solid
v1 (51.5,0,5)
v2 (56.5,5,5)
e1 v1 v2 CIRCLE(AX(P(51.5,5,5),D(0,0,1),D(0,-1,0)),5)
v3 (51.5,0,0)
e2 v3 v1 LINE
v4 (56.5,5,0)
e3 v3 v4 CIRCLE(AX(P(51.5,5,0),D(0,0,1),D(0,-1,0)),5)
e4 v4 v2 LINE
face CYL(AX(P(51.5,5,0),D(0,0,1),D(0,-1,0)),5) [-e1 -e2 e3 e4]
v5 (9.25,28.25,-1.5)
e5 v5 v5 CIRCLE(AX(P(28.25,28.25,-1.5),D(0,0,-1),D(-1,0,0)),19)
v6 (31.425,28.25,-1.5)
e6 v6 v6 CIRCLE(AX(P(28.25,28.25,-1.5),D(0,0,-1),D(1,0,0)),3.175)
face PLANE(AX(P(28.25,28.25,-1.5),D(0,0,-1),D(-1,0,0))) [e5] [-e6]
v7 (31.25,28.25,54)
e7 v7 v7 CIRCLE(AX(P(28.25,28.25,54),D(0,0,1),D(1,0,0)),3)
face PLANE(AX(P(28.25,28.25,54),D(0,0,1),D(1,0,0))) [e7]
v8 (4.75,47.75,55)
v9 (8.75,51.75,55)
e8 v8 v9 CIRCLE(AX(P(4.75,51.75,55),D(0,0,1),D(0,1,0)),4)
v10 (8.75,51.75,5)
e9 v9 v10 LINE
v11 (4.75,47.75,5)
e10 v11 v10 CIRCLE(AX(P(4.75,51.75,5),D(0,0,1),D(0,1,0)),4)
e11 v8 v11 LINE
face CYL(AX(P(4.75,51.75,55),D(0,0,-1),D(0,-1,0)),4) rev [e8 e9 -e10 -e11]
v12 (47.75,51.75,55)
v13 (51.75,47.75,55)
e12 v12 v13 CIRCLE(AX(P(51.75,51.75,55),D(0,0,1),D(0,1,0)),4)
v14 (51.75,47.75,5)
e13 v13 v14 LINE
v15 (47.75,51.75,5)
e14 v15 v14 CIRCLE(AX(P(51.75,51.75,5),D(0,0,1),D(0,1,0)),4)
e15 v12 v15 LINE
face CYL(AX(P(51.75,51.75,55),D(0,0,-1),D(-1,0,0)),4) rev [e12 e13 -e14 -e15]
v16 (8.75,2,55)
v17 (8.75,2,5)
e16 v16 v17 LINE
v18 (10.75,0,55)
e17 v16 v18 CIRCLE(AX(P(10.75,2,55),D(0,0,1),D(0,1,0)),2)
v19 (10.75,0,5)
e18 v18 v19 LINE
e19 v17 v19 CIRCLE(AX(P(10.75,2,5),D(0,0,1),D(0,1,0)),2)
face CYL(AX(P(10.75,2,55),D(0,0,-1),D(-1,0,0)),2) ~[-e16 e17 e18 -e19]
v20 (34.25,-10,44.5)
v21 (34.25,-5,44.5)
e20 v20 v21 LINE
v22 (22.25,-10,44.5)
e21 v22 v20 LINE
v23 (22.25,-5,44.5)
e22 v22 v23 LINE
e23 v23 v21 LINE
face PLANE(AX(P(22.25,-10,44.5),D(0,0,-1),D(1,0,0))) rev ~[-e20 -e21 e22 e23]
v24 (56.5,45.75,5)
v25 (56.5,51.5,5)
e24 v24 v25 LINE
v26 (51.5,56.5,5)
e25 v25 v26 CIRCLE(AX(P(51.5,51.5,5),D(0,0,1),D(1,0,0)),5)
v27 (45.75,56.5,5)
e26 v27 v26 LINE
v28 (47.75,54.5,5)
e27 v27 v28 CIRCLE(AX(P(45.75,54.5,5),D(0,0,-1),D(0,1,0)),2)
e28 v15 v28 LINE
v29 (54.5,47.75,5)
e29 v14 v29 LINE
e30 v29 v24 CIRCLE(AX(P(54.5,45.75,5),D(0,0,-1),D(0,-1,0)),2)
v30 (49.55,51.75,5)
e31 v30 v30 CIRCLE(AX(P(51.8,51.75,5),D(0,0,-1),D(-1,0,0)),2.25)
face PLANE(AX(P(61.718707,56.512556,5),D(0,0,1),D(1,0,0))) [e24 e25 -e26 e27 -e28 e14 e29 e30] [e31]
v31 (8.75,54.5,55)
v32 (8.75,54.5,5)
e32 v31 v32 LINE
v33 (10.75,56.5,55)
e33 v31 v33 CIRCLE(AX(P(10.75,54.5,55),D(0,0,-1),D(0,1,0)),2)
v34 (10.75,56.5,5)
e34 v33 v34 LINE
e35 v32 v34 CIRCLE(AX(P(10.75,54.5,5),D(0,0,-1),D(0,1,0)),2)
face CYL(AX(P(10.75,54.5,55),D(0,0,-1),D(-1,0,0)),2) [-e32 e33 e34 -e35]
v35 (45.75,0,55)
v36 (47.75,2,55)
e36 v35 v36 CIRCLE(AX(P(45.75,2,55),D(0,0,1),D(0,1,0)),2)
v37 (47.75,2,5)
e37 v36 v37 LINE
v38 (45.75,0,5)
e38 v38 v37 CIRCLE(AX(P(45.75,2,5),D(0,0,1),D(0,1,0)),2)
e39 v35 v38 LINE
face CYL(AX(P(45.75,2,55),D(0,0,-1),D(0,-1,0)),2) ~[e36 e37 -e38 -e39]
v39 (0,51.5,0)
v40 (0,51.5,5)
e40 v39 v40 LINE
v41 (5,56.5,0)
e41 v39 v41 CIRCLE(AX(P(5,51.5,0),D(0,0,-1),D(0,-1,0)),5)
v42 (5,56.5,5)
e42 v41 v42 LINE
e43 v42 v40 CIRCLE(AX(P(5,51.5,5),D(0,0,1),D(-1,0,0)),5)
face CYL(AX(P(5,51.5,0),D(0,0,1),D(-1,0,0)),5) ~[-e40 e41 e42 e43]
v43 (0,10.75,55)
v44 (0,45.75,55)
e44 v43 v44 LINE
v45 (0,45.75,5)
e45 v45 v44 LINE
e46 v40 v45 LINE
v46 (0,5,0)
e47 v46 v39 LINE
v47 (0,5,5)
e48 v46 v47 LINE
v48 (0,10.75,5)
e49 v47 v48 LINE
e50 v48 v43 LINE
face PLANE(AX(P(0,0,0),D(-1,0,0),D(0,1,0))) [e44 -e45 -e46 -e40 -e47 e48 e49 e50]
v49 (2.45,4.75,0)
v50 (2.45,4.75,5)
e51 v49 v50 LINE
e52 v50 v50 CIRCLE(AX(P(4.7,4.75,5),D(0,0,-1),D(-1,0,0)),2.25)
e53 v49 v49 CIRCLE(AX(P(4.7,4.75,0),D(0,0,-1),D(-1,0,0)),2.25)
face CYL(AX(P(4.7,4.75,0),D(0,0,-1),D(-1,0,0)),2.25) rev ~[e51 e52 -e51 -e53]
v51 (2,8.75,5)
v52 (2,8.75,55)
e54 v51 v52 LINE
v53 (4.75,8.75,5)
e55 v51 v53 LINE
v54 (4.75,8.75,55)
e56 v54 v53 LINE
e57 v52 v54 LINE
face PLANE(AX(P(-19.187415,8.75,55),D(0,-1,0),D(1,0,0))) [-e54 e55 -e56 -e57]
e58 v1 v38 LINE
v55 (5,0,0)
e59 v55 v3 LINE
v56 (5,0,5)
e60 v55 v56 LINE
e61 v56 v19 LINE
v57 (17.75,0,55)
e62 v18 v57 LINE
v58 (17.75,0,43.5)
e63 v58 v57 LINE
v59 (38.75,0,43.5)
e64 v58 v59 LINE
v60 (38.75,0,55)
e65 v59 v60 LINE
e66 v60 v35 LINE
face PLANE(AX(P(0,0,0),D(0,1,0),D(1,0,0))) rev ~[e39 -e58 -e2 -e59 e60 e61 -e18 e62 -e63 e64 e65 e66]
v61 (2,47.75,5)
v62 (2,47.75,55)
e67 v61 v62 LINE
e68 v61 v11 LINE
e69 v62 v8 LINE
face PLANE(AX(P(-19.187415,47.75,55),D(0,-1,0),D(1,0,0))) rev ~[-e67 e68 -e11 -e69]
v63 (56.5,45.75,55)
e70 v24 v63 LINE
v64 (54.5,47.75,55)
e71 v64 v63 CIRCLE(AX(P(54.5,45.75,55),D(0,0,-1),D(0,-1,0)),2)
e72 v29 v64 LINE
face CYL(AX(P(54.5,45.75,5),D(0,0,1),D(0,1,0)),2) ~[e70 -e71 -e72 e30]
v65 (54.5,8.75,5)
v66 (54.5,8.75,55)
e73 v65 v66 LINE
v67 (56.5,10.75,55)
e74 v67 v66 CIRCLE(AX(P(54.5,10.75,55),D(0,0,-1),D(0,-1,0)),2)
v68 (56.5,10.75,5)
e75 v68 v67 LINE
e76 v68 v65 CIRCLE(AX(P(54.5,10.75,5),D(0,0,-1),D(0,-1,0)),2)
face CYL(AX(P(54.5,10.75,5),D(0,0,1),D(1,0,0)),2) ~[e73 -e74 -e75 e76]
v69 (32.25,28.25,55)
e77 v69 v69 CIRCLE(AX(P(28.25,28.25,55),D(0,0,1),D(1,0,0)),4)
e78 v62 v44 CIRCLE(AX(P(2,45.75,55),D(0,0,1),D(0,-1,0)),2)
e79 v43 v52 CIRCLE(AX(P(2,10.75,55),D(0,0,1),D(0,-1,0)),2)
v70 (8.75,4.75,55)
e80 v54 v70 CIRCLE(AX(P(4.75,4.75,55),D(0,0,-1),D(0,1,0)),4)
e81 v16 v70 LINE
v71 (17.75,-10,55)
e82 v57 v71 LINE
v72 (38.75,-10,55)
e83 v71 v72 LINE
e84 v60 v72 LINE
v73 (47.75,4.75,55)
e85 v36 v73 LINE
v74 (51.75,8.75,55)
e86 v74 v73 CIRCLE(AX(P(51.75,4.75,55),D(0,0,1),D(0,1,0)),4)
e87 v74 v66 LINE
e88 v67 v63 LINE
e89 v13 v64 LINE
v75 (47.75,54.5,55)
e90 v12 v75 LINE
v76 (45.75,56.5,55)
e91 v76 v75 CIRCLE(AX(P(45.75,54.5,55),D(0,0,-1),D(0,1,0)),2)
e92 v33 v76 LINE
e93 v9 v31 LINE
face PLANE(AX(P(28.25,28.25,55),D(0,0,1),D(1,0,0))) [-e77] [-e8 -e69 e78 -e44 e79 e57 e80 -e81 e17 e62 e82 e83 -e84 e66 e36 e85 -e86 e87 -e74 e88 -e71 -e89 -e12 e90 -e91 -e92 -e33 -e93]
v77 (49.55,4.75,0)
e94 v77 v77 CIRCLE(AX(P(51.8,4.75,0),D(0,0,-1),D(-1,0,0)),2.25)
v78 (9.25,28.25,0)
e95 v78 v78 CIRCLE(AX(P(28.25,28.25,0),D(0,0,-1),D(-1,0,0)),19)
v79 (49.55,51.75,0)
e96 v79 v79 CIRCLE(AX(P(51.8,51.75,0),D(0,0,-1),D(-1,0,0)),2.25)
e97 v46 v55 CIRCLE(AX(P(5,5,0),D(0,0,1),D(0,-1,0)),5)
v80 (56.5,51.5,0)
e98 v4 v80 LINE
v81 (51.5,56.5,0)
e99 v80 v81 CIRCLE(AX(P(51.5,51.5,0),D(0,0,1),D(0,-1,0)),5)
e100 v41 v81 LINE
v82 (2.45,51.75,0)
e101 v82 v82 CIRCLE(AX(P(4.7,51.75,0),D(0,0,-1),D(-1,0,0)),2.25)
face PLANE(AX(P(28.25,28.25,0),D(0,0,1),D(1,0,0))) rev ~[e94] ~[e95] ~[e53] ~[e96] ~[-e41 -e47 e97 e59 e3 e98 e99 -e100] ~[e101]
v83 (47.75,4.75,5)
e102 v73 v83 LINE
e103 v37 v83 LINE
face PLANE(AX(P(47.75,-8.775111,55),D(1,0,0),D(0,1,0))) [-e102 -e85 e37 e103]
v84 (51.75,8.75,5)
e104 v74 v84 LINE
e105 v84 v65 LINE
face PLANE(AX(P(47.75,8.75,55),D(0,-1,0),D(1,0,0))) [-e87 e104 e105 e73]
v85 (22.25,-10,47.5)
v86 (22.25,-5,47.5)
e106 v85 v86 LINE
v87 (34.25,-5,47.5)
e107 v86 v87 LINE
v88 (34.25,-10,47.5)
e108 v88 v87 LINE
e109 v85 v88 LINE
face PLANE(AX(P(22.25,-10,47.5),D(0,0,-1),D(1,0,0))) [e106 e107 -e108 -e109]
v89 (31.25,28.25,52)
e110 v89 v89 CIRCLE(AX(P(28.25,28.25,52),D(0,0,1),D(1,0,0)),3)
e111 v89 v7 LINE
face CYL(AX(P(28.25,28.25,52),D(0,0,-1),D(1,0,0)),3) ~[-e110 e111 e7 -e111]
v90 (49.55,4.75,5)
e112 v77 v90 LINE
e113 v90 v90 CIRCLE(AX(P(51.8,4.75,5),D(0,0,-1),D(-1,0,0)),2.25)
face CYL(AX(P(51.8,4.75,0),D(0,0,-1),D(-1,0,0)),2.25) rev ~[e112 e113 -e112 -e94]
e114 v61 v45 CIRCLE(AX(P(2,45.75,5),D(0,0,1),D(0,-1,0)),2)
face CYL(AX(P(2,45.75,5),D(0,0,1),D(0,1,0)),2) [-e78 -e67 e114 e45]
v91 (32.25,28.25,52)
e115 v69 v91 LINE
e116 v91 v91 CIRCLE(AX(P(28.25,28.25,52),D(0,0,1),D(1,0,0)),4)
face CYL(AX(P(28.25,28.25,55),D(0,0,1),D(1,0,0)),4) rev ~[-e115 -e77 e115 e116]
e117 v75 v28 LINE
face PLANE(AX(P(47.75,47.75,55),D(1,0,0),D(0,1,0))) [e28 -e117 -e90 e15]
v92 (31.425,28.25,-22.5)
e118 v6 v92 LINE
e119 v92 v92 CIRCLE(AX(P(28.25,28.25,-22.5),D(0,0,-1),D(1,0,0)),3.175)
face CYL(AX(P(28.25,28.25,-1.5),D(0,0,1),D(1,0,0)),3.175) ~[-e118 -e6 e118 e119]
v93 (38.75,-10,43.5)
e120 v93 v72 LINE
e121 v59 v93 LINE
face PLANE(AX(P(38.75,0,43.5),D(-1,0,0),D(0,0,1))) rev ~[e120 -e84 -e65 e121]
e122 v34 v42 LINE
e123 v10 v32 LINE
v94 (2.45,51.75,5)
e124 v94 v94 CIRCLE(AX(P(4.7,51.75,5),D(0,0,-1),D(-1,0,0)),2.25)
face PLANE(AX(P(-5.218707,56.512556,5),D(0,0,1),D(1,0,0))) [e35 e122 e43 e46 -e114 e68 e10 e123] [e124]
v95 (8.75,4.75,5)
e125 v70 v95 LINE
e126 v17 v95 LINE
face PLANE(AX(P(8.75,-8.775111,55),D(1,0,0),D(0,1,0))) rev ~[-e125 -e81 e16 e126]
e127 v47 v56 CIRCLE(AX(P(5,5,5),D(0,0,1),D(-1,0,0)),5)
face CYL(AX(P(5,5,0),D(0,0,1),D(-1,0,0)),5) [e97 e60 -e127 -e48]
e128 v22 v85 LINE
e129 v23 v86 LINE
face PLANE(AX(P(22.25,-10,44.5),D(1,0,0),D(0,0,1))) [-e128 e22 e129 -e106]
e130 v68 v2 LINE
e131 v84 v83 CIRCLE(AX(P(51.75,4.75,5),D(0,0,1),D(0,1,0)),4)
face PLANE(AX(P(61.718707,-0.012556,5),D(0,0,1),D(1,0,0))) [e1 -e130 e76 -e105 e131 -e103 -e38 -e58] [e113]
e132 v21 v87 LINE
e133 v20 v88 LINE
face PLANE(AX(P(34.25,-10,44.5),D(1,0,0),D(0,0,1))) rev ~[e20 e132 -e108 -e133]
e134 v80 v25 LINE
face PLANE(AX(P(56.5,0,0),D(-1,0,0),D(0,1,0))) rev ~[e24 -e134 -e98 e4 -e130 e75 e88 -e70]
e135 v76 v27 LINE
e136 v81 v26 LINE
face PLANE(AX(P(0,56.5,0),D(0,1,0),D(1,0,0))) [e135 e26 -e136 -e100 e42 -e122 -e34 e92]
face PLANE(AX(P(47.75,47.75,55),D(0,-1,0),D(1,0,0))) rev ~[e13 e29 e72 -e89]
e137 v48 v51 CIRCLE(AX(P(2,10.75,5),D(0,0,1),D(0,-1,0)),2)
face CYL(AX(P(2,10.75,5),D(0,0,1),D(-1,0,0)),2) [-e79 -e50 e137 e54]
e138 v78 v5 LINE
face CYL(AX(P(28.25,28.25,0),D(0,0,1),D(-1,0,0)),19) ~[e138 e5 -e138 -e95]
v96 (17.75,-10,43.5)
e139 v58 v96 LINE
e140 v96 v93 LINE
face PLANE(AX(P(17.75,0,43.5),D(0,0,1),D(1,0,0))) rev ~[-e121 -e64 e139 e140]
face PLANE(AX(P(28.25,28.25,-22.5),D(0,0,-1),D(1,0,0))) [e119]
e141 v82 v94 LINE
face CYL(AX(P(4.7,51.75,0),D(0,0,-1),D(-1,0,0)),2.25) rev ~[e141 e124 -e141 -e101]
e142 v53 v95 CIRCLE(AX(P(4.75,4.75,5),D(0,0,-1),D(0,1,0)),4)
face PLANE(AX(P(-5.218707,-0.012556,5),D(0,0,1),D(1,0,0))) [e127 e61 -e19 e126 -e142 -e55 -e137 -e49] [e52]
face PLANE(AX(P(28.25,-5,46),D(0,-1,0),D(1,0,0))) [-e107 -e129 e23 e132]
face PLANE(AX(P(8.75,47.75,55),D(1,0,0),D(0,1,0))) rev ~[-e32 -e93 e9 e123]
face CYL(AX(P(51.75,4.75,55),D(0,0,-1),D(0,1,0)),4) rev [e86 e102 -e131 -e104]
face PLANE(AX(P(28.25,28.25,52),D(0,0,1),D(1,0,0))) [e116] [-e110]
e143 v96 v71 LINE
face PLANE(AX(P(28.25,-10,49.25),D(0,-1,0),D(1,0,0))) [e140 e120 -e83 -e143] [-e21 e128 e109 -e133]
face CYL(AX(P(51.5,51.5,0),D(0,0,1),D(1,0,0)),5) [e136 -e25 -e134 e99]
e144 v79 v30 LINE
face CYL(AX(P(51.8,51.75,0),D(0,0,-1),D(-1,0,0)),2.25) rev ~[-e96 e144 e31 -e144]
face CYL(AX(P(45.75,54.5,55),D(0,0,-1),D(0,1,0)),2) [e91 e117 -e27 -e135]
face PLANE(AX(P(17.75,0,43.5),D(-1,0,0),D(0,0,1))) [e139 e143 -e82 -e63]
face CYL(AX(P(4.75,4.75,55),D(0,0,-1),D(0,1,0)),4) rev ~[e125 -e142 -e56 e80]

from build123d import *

# Parameters (mm, degrees)
SKETCH_1_W          = 56.5
SKETCH_1_H          = 56.5
EXTRUDE_1_DEPTH     = 55
FILLET_1_R          = 5
SKETCH_2_W          = 27.937414654
SKETCH_2_H          = 17.525111135
CUT_EXTRUDE_1_DEPTH = 50
FILLET_2_R          = 4
FILLET_3_R          = 2
SKETCH_3_R          = 19
EXTRUDE_2_DEPTH     = 1.5
SKETCH_4_R          = 4
CUT_EXTRUDE_2_DEPTH = 3
SKETCH_5_R          = 3
EXTRUDE_3_DEPTH     = 2
SKETCH_6_R          = 3.175
EXTRUDE_4_DEPTH     = 21
SKETCH_7_R          = 2.25
CUT_EXTRUDE_3_DEPTH = 21
SKETCH_8_W          = 21
SKETCH_8_H          = 11.5
EXTRUDE_5_DEPTH     = 10
SKETCH_9_W          = 12
SKETCH_9_H          = 3
CUT_EXTRUDE_4_DEPTH = 5


with BuildPart() as part:
    # 草图1 → 凸台-拉伸1 (new body)
    with BuildSketch(Plane.XY):
        with Locations((28.25, 28.25)):
            Rectangle(SKETCH_1_W, SKETCH_1_H)
    extrude(amount=EXTRUDE_1_DEPTH)

    # 圆角1
    fillet_1_edges = [part.edges().sort_by_distance(p)[0] for p in [
        (0, 56.5, 27.5),
        (56.5, 56.5, 27.5),
        (56.5, 0, 27.5),
        (0, 0, 27.5),
    ]]
    fillet(fillet_1_edges, radius=FILLET_1_R)

    # 草图2 → 切除-拉伸1 (cut)
    with BuildSketch(Plane.XY.offset(55)):
        with Locations((-5.218707327, 56.512555568)):
            Rectangle(SKETCH_2_W, SKETCH_2_H)
        with Locations((61.718707327, 56.512555568)):
            Rectangle(SKETCH_2_W, SKETCH_2_H)
        with Locations((61.718707327, -0.012555568)):
            Rectangle(SKETCH_2_W, SKETCH_2_H)
        with Locations((-5.218707327, -0.012555568)):
            Rectangle(SKETCH_2_W, SKETCH_2_H)
    extrude(amount=-CUT_EXTRUDE_1_DEPTH, mode=Mode.SUBTRACT)

    # 圆角2
    fillet_2_edges = [part.edges().sort_by_distance(p)[0] for p in [
        (8.75, 8.75, 30),
        (8.75, 47.75, 30),
        (47.75, 47.75, 30),
        (47.75, 8.75, 30),
    ]]
    fillet(fillet_2_edges, radius=FILLET_2_R)

    # 圆角3
    fillet_3_edges = [part.edges().sort_by_distance(p)[0] for p in [
        (0, 8.75, 30),
        (8.75, 0, 30),
        (8.75, 56.5, 30),
        (0, 47.75, 30),
        (56.5, 47.75, 30),
        (47.75, 56.5, 30),
        (47.75, 0, 30),
        (56.5, 8.75, 30),
    ]]
    fillet(fillet_3_edges, radius=FILLET_3_R)

    # 草图3 → 凸台-拉伸2 (add)
    with BuildSketch(Plane(origin=(0, 0, 0), x_dir=(-1, 0, 0), z_dir=(0, 0, -1))):
        with Locations((-28.25, 28.25)):
            Circle(SKETCH_3_R)
    extrude(amount=EXTRUDE_2_DEPTH)

    # 草图4 → 切除-拉伸2 (cut)
    with BuildSketch(Plane.XY.offset(55)):
        with Locations((28.25, 28.25)):
            Circle(SKETCH_4_R)
    extrude(amount=-CUT_EXTRUDE_2_DEPTH, mode=Mode.SUBTRACT)

    # 草图5 → 凸台-拉伸3 (add)
    with BuildSketch(Plane.XY.offset(52)):
        with Locations((28.25, 28.25)):
            Circle(SKETCH_5_R)
    extrude(amount=EXTRUDE_3_DEPTH)

    # 草图6 → 凸台-拉伸4 (add)
    with BuildSketch(Plane(origin=(0, 0, -1.5), x_dir=(-1, 0, 0), z_dir=(0, 0, -1))):
        with Locations(Location((-28.25, 28.25, 0), (0, 0, 180))):
            Circle(SKETCH_6_R)
    extrude(amount=EXTRUDE_4_DEPTH)

    # 草图7 → 切除-拉伸3 (cut)
    with BuildSketch(Plane(origin=(0, 0, 0), x_dir=(-1, 0, 0), z_dir=(0, 0, -1))):
        with Locations((-51.8, 4.75)):
            Circle(SKETCH_7_R)
        with Locations((-4.7, 4.75)):
            Circle(SKETCH_7_R)
        with Locations((-4.7, 51.75)):
            Circle(SKETCH_7_R)
        with Locations((-51.8, 51.75)):
            Circle(SKETCH_7_R)
    extrude(amount=-CUT_EXTRUDE_3_DEPTH, mode=Mode.SUBTRACT)

    # 草图8 → 凸台-拉伸5 (add)
    with BuildSketch(Plane.XZ):
        with Locations((28.25, 49.25)):
            Rectangle(SKETCH_8_W, SKETCH_8_H)
    extrude(amount=EXTRUDE_5_DEPTH)

    # 草图9 → 切除-拉伸4 (cut)
    with BuildSketch(Plane.XZ.offset(10)):
        with Locations((28.25, 46)):
            Rectangle(SKETCH_9_W, SKETCH_9_H)
    extrude(amount=-CUT_EXTRUDE_4_DEPTH, mode=Mode.SUBTRACT)


solid = part.part
